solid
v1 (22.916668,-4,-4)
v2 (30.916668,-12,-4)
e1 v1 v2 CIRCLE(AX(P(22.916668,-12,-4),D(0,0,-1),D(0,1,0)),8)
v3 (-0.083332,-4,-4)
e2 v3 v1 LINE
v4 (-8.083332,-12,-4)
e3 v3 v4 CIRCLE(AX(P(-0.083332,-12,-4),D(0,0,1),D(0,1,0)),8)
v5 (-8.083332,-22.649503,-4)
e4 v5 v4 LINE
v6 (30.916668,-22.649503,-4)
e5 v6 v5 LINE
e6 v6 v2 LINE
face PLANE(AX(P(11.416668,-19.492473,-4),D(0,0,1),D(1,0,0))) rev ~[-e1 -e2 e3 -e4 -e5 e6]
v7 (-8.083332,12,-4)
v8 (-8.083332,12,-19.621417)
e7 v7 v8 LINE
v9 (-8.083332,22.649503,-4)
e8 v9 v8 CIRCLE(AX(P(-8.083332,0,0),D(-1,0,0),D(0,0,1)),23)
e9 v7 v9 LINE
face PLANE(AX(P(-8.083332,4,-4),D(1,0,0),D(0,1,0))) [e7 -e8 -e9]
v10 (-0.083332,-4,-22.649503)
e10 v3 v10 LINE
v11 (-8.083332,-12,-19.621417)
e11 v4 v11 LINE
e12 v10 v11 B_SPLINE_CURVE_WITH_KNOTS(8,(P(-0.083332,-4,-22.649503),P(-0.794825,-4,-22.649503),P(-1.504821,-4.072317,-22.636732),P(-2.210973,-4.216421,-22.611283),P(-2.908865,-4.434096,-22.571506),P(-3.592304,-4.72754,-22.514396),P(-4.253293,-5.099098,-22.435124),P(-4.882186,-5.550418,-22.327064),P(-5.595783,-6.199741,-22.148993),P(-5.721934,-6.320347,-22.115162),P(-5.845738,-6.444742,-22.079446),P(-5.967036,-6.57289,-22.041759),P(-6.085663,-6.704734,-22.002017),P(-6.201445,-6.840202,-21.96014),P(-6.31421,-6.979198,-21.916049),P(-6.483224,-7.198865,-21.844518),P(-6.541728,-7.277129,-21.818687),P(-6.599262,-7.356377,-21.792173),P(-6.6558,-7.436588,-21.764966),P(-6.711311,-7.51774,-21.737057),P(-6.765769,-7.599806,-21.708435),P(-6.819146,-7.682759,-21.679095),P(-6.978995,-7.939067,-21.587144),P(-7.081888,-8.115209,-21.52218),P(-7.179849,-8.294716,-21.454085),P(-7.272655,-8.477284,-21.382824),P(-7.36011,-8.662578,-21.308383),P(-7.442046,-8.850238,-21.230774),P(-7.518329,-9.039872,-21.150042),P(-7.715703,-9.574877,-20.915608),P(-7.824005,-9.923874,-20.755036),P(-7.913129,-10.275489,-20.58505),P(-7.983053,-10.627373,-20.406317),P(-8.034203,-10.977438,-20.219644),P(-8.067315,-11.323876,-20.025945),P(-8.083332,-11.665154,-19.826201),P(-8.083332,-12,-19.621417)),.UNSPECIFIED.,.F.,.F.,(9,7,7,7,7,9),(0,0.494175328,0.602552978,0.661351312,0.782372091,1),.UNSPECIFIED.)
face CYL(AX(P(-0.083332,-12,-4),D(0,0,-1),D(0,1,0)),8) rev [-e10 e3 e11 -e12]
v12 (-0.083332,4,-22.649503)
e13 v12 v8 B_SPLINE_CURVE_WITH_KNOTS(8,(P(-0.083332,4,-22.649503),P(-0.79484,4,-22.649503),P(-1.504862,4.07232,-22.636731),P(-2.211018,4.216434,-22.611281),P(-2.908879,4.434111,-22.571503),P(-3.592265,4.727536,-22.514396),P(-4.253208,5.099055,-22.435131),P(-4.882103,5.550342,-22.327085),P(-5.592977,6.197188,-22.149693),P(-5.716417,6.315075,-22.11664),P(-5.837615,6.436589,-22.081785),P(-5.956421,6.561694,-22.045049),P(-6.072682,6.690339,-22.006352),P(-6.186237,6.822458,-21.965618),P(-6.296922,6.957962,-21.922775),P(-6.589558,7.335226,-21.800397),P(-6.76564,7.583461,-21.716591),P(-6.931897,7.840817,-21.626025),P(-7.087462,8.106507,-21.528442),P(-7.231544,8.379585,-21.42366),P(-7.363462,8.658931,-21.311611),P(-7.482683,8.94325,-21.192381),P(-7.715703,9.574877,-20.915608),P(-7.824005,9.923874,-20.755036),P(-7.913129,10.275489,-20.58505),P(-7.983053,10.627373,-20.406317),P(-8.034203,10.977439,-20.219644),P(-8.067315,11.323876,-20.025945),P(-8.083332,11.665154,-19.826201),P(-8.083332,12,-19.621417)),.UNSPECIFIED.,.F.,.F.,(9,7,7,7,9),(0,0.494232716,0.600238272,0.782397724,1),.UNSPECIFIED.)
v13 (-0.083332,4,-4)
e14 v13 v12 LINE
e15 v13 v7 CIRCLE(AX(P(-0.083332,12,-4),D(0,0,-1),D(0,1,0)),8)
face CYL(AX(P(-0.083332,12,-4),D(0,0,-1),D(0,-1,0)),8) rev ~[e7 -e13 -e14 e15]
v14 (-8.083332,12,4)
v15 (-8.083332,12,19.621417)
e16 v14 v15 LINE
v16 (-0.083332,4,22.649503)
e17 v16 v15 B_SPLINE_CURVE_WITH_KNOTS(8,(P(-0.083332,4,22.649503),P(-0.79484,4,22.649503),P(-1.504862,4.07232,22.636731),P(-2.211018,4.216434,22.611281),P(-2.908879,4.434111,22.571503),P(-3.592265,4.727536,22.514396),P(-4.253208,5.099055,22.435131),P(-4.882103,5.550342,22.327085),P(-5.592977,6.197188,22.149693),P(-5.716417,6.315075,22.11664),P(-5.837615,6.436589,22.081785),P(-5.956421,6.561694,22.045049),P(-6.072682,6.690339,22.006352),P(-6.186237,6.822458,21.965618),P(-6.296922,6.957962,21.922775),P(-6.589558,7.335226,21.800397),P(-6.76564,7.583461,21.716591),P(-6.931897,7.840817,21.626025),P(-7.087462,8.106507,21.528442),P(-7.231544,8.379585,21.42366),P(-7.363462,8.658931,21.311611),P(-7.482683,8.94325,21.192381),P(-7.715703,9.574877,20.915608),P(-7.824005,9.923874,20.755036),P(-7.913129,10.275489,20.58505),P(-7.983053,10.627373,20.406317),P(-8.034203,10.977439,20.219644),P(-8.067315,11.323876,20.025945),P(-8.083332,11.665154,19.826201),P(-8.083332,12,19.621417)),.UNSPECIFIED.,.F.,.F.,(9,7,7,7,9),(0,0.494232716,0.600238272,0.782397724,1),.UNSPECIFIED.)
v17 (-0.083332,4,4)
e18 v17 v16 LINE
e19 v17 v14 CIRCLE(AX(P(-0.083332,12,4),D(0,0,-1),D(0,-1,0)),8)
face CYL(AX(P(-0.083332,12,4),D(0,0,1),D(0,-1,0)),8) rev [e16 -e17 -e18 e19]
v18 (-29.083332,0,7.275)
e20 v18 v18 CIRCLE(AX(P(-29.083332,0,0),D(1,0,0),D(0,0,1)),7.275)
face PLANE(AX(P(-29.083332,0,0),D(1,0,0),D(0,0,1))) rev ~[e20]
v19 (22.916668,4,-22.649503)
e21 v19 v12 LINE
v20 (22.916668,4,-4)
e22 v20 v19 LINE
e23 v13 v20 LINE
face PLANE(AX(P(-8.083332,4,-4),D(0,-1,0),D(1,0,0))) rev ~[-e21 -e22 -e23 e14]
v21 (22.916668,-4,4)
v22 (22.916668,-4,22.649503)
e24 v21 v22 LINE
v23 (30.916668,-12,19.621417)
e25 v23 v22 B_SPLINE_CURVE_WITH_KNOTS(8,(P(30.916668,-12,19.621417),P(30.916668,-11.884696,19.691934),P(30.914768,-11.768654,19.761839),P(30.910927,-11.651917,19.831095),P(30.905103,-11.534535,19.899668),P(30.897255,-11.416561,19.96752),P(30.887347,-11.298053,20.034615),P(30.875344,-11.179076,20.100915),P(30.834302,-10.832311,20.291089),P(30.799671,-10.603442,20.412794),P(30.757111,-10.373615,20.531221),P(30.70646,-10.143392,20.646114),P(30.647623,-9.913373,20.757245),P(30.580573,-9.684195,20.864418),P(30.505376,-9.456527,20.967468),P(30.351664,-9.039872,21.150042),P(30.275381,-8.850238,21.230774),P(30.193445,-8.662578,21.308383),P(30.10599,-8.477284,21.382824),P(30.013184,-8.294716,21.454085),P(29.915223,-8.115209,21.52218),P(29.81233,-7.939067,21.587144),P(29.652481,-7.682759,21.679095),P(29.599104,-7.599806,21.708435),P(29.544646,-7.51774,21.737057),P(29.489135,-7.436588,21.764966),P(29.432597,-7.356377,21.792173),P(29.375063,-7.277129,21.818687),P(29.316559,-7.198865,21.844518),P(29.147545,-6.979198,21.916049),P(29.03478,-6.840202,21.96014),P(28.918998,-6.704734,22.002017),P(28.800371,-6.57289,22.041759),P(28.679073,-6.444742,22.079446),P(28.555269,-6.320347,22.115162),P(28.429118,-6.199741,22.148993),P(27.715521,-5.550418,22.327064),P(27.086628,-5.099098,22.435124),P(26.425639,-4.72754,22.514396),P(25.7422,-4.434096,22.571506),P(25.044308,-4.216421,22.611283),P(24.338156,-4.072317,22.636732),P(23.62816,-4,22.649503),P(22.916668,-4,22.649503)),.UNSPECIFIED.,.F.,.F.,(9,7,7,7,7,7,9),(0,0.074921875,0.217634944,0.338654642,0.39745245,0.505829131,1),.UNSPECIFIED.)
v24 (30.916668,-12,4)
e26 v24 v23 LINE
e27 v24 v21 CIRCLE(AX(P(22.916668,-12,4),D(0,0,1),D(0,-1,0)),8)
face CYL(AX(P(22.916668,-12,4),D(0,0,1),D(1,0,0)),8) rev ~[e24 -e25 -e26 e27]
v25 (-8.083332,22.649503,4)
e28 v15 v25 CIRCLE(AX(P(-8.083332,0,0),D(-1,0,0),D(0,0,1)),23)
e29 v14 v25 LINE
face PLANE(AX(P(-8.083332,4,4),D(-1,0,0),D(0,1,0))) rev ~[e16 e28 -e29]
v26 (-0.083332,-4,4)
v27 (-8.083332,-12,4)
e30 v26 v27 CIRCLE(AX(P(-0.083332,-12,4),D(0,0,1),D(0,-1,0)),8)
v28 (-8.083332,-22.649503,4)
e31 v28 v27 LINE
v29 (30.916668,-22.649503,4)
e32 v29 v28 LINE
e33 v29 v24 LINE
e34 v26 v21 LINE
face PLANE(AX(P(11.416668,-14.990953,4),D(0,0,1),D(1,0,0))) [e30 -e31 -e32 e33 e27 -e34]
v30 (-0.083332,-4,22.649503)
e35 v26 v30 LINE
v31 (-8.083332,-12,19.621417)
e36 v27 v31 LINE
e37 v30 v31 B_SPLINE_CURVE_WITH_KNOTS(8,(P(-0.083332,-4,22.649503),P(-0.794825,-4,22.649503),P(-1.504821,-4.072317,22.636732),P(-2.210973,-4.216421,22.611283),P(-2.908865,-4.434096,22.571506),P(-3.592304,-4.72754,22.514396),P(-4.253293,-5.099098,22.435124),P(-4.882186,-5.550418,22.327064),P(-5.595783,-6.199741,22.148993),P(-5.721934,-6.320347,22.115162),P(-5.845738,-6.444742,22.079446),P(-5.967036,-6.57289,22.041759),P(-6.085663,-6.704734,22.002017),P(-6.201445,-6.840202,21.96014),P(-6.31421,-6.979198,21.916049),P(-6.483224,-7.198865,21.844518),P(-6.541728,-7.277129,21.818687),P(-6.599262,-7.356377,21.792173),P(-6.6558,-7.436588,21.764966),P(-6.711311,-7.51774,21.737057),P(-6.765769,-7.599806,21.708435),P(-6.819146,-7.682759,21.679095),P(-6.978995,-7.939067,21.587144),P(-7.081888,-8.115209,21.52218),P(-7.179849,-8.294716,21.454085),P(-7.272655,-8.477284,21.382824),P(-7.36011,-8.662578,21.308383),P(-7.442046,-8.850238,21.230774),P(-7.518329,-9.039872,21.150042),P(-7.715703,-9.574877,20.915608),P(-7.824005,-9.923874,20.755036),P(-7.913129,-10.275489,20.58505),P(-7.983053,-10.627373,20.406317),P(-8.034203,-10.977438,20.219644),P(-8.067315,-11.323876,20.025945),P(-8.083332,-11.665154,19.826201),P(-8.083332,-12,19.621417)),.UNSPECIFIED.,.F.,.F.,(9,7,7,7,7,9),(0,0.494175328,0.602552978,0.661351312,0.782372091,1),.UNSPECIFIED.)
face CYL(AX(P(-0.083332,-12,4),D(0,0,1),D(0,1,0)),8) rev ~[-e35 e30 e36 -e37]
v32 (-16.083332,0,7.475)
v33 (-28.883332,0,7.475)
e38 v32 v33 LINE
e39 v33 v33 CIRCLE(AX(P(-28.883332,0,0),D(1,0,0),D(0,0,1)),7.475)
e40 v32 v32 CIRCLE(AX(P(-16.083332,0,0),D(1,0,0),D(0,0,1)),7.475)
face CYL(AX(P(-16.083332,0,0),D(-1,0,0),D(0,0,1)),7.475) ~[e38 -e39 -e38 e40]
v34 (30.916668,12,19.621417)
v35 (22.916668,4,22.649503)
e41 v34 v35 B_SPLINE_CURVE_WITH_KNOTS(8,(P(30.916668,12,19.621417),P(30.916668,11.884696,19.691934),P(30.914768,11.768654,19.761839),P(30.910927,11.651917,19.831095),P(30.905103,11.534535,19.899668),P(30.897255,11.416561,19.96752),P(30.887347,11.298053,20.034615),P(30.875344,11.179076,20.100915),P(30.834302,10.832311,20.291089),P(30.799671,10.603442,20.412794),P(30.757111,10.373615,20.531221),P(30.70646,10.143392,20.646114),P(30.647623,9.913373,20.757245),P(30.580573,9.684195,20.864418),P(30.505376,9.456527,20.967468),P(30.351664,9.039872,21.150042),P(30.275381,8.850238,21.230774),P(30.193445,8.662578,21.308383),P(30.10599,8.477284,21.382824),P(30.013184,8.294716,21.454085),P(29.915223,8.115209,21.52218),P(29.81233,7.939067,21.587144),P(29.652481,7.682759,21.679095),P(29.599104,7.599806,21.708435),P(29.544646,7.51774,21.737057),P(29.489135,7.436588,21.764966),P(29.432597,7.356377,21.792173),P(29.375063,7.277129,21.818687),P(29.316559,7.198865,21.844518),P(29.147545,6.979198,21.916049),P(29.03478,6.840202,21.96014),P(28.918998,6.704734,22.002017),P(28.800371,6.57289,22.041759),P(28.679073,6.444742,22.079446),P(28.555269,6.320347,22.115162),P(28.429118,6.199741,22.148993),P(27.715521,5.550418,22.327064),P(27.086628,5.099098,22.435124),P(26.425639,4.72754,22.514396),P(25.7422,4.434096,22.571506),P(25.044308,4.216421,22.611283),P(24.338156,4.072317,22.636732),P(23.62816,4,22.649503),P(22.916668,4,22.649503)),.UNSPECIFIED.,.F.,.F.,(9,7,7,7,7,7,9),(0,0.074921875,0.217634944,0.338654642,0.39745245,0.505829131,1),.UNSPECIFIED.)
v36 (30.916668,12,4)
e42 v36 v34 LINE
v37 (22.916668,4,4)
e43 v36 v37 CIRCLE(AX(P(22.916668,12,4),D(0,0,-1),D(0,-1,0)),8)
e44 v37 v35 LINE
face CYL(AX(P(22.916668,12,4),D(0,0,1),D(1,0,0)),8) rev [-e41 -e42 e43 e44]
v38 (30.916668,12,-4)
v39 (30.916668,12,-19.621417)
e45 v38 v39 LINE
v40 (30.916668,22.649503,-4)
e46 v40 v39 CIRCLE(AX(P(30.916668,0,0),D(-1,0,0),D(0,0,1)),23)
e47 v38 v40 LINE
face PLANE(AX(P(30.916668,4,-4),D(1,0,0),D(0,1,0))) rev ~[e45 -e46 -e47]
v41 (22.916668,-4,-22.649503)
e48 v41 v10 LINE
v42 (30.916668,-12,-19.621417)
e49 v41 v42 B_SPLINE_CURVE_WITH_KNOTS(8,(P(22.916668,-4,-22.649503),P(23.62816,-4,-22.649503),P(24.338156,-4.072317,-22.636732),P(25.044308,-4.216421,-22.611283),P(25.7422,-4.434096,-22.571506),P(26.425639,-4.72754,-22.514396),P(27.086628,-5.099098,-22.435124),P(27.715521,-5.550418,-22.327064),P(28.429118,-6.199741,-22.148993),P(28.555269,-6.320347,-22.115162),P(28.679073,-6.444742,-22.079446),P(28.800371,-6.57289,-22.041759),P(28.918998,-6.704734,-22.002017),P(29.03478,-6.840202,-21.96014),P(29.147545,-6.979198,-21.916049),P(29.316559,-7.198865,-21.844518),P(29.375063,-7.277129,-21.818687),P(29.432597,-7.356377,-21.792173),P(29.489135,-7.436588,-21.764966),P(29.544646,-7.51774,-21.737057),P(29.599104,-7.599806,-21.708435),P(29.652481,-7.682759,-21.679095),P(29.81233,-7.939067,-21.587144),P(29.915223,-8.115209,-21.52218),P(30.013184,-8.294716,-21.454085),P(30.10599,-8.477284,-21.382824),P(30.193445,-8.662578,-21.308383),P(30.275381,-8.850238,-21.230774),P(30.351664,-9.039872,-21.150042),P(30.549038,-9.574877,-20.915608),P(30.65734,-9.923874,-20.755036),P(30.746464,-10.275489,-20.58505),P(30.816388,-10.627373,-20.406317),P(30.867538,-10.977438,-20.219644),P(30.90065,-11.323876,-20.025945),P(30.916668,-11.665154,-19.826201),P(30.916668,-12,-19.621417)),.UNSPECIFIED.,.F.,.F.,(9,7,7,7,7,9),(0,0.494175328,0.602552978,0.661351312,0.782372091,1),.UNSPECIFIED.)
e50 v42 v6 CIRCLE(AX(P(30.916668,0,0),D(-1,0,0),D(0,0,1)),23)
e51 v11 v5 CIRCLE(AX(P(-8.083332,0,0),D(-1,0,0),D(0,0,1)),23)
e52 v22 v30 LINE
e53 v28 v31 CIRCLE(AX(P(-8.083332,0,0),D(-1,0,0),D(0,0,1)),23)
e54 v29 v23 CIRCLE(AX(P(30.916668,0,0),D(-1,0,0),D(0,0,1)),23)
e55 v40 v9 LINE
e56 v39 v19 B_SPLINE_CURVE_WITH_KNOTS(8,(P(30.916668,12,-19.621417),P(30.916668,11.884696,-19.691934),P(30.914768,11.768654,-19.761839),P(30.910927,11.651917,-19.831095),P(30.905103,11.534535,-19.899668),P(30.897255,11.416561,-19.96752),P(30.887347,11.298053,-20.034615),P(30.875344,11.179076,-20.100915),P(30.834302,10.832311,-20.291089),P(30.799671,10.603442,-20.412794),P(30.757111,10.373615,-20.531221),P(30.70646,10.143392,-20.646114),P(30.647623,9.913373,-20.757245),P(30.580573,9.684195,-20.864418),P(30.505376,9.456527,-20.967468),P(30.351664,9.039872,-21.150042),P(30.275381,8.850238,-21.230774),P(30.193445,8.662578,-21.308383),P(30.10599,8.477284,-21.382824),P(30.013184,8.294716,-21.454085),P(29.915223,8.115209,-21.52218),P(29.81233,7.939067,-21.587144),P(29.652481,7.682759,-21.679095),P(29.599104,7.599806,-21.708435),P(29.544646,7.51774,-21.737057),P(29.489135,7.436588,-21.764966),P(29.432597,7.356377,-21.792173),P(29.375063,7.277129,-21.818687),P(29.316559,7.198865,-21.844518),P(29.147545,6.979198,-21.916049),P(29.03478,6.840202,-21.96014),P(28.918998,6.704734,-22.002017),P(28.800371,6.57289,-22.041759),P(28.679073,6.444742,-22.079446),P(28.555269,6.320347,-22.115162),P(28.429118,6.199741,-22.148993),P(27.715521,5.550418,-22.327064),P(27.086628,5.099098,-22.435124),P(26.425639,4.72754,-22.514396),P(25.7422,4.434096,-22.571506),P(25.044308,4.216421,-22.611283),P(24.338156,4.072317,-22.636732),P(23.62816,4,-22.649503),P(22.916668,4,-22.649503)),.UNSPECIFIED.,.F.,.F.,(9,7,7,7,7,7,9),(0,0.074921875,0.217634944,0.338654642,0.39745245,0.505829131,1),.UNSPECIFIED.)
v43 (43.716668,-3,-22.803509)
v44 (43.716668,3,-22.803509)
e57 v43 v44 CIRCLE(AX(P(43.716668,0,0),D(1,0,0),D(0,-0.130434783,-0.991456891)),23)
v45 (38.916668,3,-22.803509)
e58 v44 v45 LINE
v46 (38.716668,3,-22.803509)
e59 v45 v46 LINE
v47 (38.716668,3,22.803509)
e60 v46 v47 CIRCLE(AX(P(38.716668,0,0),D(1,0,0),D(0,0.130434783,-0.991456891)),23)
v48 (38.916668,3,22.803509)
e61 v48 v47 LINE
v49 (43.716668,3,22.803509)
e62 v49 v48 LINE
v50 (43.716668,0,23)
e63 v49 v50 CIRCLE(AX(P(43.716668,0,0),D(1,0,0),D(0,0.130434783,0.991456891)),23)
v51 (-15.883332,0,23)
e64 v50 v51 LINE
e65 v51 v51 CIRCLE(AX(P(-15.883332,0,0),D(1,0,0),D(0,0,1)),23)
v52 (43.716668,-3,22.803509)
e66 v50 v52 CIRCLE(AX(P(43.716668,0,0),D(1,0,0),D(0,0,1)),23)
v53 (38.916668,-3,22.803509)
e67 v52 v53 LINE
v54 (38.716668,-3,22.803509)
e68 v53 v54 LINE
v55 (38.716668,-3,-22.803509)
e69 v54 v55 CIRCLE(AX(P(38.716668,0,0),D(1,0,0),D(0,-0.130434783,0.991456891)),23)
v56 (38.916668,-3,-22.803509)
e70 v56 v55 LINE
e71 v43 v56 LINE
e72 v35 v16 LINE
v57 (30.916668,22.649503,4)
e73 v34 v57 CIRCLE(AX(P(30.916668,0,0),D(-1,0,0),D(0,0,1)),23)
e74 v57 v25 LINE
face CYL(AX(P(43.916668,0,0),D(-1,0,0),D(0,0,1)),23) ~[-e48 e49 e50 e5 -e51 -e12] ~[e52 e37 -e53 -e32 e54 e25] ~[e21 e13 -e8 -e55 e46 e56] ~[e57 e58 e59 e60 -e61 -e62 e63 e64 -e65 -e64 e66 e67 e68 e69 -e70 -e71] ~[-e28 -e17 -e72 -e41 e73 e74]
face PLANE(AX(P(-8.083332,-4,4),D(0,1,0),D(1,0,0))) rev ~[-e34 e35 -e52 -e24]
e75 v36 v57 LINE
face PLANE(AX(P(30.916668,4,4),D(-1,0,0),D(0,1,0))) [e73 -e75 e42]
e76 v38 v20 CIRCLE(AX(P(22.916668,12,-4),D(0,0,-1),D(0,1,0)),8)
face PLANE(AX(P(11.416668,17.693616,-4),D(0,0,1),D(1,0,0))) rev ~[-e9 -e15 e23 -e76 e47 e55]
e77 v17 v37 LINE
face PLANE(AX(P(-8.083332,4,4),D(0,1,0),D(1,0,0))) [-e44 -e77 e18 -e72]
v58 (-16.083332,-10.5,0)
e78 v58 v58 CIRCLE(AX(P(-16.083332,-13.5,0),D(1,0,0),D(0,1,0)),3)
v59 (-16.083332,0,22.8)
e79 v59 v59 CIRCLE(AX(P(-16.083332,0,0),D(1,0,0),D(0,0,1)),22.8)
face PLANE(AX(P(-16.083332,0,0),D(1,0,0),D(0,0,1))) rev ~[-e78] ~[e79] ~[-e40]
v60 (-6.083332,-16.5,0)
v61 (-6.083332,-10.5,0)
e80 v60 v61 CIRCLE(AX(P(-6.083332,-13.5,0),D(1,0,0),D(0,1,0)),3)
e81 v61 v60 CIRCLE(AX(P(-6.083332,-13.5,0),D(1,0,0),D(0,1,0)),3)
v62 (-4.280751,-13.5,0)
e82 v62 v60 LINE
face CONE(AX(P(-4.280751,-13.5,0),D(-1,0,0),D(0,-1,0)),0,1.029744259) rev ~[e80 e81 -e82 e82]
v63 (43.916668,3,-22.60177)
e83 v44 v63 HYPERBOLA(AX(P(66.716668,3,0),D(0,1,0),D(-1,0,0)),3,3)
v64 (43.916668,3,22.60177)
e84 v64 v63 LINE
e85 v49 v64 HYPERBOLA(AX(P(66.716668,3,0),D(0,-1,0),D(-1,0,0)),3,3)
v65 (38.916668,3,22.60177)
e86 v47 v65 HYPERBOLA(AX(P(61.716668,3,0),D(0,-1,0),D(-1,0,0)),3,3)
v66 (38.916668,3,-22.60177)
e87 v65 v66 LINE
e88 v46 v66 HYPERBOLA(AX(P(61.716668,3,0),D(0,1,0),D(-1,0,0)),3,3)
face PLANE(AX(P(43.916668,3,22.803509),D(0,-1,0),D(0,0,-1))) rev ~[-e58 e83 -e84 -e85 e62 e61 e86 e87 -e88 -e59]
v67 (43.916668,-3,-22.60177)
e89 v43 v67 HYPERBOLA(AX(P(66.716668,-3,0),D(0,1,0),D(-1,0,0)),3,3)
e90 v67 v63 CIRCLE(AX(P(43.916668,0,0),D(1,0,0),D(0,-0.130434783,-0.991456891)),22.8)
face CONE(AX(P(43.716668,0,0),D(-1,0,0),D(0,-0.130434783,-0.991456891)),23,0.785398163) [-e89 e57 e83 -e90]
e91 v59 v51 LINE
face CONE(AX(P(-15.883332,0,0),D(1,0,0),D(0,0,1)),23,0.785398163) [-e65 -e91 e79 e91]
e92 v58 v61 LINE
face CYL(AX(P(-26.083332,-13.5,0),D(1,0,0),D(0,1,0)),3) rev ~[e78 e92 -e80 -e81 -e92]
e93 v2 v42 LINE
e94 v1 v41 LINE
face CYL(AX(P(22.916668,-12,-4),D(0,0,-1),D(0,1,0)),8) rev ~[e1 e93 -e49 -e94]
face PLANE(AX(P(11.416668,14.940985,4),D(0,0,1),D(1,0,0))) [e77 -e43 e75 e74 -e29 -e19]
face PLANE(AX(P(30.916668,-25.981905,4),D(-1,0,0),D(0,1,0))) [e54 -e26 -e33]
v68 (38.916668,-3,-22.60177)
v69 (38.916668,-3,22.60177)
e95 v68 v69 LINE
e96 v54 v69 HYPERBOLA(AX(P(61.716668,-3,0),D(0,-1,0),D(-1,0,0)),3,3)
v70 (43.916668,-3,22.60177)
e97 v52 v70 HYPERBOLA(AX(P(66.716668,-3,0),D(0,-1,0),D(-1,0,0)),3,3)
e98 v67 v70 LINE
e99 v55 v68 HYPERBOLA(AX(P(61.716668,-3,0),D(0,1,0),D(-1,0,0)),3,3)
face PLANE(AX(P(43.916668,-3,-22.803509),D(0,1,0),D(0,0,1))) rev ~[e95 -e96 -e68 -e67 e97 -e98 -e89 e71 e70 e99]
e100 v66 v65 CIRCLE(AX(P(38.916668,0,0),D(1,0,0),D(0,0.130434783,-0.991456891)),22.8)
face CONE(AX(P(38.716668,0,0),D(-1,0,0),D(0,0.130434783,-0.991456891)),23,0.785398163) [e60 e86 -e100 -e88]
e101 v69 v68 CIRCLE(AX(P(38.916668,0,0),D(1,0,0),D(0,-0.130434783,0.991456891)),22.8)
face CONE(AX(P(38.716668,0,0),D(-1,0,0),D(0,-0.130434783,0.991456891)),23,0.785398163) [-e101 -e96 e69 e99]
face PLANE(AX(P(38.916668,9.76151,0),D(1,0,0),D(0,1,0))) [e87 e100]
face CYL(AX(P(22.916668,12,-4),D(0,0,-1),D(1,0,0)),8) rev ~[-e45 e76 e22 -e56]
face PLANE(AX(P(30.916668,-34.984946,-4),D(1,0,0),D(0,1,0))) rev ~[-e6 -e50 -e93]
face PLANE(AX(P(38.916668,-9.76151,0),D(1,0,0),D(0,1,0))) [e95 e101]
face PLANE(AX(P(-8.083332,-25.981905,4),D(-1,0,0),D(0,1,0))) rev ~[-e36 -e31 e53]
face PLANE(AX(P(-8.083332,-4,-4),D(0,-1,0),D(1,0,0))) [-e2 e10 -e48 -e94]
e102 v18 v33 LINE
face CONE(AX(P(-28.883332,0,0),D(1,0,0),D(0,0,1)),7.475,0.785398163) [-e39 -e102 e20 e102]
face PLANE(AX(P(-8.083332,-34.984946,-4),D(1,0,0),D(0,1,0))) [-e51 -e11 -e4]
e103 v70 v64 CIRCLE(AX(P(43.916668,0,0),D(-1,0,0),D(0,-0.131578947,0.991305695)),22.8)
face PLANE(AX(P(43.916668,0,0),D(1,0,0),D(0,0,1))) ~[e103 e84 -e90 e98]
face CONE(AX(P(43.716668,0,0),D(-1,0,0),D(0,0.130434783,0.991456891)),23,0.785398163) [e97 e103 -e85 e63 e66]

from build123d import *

# Parameters (mm, degrees)
F3_DEPTH  = 5
F6_W      = 39
F6_H      = 21.8819705509
F6_H_2    = 21.9819051884
F7_DEPTH  = 18.6505033058
F8_W      = 39
F8_H      = 30.9849461095
F8_H_2    = 27.3872321026
F9_DEPTH  = 18.6505033058
F11_D     = 6
F11_DEPTH = 10
F11_TIP   = 1.8025818571
F12_SIZE  = 0.2
F13_R     = 8


with BuildPart() as f1:
    # F0 (on Front) → F1 (revolve)
    with BuildSketch(Plane.XZ):
        Polygon((-29.0833324906, 7.475), (-29.0833324906, 0), (43.9166675094, 0), (43.9166675094, 23), (-16.0833324906, 23), (-16.0833324906, 7.475), align=None)
    revolve(axis=Axis((6.4323022962, 0, 0), (1, 0, 0)))

    # F2 (on face) → F3 (cut)
    with BuildSketch(Plane.YZ.offset(43.9166675094)):
        with BuildLine():
            Line((-3, -22.803508502), (-3, 22.803508502))
            ThreePointArc((-3, 22.803508502), (-23, 0), (-3, -22.803508502))
        make_face()
        with BuildLine():
            ThreePointArc((23, 0), (17.2916164658, 15.1657508881), (3, 22.803508502))
            Line((3, 22.803508502), (3, -22.803508502))
            ThreePointArc((3, -22.803508502), (17.2916164658, -15.1657508881), (23, 0))
        make_face()
    extrude(amount=-F3_DEPTH, mode=Mode.SUBTRACT)

    # F6 (on offset) → F7 (cut, through all)
    with BuildSketch(Plane.XY.offset(4)):
        with Locations((11.4166675094, 14.9409852754)):
            Rectangle(F6_W, F6_H)
        with Locations((11.4166675094, -14.9909525942)):
            Rectangle(F6_W, F6_H_2)
    extrude(amount=F7_DEPTH, mode=Mode.SUBTRACT)

    # F8 (on offset) → F9 (cut, through all)
    with BuildSketch(Plane.XY.offset(-4)):
        with Locations((11.4166675094, -19.4924730548)):
            Rectangle(F8_W, F8_H)
        with Locations((11.4166675094, 17.6936160513)):
            Rectangle(F8_W, F8_H_2)
    extrude(amount=-F9_DEPTH, mode=Mode.SUBTRACT)

    # F11
    with Locations(Plane(origin=(-16.0833324906, 0, 0), x_dir=(0, -1, 0), z_dir=(-1, 0, 0))):
        with Locations((13.5, 0)):
            Hole(F11_D / 2, depth=F11_DEPTH)
            with Locations((0, 0, -(F11_DEPTH + F11_TIP / 2))):  # 118° drill point
                Cone(0, F11_D / 2, F11_TIP, mode=Mode.SUBTRACT)

    # F12
    f12_edges = [f1.edges().sort_by_distance(p)[0] for p in [
        (-16.083332, 0, -23),
        (38.916668, 23, 0),
        (38.916668, -23, 0),
        (43.916668, 1.503214, 22.950825),
        (43.916668, 0, -23),
        (43.916668, -1.503214, 22.950825),
        (-29.083332, 0, -7.475),
    ]]
    chamfer(f12_edges, length=F12_SIZE)

    # F13
    f13_edges = [f1.edges().sort_by_distance(p)[0] for p in [
        (-8.083332, -4, 13.324752),
        (30.916668, -4, 13.324752),
        (30.916668, 4, 13.324752),
        (-8.083332, 4, 13.324752),
        (-8.083332, -4, -13.324752),
        (30.916668, -4, -13.324752),
        (-8.083332, 4, -13.324752),
        (30.916668, 4, -13.324752),
    ]]
    fillet(f13_edges, radius=F13_R)


solid = f1.part
